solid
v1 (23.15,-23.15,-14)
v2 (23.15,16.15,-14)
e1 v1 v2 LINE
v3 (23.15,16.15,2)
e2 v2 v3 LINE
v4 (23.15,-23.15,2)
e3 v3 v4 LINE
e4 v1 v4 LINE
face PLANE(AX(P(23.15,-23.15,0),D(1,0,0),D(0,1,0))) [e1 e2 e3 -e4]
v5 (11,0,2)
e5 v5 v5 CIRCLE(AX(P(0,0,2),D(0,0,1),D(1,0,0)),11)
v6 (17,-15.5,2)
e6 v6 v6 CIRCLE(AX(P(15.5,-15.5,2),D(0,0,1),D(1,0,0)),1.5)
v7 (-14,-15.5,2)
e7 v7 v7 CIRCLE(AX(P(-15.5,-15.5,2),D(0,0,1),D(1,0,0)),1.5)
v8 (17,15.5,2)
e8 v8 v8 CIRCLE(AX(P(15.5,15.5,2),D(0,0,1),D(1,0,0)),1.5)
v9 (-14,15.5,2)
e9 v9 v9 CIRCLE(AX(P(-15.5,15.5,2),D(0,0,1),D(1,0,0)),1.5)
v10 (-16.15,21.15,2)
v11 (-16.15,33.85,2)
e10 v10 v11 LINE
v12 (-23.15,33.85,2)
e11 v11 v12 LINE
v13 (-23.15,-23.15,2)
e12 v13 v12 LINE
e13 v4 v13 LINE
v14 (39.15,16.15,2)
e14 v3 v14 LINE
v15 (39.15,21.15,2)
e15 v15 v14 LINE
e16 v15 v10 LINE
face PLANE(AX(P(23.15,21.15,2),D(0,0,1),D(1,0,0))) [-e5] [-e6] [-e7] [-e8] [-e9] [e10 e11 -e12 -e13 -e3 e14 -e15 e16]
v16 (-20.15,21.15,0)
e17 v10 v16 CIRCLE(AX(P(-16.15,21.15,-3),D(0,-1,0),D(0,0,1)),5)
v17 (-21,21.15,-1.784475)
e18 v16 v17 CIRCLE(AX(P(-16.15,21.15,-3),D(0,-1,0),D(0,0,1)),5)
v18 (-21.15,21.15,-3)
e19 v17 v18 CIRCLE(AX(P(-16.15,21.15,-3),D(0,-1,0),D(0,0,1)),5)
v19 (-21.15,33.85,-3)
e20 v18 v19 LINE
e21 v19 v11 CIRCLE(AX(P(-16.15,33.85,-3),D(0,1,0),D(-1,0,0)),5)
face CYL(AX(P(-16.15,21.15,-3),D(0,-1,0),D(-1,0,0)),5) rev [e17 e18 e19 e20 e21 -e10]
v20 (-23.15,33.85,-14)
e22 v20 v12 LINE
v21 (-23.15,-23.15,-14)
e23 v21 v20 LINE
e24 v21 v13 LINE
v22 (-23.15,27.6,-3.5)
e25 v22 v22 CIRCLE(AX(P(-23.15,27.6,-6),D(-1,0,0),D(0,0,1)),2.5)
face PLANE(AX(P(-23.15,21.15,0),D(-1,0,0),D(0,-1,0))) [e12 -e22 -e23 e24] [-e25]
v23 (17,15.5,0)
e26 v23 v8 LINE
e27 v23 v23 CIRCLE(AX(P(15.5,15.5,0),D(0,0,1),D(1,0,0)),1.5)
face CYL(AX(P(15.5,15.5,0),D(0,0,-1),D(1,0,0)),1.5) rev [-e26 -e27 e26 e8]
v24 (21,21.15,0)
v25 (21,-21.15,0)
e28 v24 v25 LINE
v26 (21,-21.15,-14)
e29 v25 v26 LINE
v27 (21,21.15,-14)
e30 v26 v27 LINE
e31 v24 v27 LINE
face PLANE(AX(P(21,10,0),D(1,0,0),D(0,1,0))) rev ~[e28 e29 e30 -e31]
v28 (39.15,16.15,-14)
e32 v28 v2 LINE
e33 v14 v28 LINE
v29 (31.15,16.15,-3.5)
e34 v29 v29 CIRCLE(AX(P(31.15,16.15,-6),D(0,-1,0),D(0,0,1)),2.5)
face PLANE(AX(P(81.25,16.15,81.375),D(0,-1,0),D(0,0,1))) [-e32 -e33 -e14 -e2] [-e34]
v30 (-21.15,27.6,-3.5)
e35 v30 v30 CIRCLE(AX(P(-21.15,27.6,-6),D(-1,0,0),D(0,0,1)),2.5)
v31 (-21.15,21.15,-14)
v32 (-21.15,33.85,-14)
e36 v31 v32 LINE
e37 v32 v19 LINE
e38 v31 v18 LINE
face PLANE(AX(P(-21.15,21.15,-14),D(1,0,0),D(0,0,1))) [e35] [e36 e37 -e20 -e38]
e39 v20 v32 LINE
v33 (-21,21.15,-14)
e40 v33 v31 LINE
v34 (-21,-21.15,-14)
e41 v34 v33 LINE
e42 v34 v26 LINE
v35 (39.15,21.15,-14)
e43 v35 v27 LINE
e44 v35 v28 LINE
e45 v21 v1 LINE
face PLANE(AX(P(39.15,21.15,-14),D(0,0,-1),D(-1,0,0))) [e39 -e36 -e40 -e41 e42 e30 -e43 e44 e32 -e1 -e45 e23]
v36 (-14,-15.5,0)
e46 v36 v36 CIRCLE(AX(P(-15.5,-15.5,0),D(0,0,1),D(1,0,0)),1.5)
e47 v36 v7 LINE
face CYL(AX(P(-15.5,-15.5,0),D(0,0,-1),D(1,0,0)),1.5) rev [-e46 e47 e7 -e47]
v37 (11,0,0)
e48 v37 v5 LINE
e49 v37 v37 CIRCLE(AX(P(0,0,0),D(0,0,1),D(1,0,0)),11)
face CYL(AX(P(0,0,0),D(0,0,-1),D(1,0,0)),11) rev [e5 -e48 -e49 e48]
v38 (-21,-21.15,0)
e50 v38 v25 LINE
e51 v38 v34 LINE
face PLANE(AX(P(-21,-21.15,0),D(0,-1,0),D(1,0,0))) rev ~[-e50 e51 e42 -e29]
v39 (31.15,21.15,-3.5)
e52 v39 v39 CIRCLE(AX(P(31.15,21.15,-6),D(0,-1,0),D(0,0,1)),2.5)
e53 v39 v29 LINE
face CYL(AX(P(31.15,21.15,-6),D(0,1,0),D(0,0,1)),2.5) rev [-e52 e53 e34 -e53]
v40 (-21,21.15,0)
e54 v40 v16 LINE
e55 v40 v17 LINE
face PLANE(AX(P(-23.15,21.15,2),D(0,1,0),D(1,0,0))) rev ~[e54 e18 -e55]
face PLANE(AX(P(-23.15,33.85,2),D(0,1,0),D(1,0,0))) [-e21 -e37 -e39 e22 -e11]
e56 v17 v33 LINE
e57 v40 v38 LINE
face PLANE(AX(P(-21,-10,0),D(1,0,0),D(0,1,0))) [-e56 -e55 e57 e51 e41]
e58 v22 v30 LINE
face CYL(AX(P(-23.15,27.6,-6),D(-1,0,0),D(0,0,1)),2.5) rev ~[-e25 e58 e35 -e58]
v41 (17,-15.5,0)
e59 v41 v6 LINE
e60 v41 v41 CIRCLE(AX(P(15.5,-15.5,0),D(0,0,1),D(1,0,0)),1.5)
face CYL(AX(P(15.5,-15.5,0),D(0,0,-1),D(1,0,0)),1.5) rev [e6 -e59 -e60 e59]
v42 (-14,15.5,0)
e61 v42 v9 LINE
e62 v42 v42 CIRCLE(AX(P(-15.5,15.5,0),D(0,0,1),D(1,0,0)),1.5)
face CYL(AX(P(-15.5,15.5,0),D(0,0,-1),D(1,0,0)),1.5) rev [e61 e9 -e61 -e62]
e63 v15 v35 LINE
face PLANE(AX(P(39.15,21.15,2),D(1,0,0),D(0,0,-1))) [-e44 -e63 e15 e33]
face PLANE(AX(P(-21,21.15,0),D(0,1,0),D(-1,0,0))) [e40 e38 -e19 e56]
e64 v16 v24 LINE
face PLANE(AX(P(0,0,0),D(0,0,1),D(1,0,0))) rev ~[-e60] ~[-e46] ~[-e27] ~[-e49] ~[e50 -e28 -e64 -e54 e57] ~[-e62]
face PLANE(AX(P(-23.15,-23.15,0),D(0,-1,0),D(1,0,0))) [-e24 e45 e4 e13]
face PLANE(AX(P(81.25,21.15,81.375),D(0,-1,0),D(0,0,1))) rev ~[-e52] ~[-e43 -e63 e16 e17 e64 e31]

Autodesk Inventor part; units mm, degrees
ref_plane "YZ Plane" through (0, 0, 0) normal (1, 0, 0) x (0, 1, 0)
sketch "Sketch1" plane through (0, 0, 0) normal (0, 0, 1) x (1, 0, 0)
  line L0 (-20, 16.5858) -> (-16.5858, 20) projected
  line L1 (-20, -16.5858) -> (-20, 16.5858) projected
  line L2 (-16.5858, -20) -> (-20, -16.5858) projected
  line L3 (16.5858, -20) -> (-16.5858, -20) projected
  line L4 (20, -16.5858) -> (16.5858, -20) projected
  line L5 (20, 16.5858) -> (20, -16.5858) projected
  line L6 (16.5858, 20) -> (20, 16.5858) projected
  line L7 (-16.5858, 20) -> (16.5858, 20) projected
  circle A0 centre (15.5, -15.5) radius 1.5 projected
  circle A1 centre (-15.5, 15.5) radius 1.5 projected
  circle A2 centre (-15.5, -15.5) radius 1.5 projected
  circle A3 centre (15.5, 15.5) radius 1.5 projected
  circle A4 centre (0, 0) radius 11 projected
  circle A5 centre (0, 0) radius 4.9 projected
  line L8 (13.1931, -21.15) -> (-13.1931, -21.15) projected
  line L9 (-21.15, -13.1931) -> (-21.15, 13.1931) projected
  line L10 (21.15, 21.15) -> (-21.15, 21.15)
  line L11 (-21.15, 21.15) -> (-21.15, -21.15)
  line L12 (-21.15, -21.15) -> (21.15, -21.15)
  line L13 (21.15, -21.15) -> (21.15, 21.15)
  line L14 (21.15, 21.15) -> (-21.15, -21.15) construction
  line L15 (-21.15, 21.15) -> (21.15, -21.15) construction
  line L16 (23.15, -23.15) -> (-23.15, -23.15)
  line L17 (-23.15, -23.15) -> (-23.15, 21.15)
  line L18 (23.15, 21.15) -> (23.15, -23.15)
  line L19 (23.15, 21.15) -> (-23.15, 21.15)
  line L20 (-23.15, 21.15) -> (-23.1187, 21.15)
  line L21 (23.15, 21.15) -> (21.15, 21.15)
  line L22 (-13.1931, -21.15) -> (13.1931, -21.15)
  dimension "d0" = 2
extrude "Extrusion1" add sketch "Sketch1" along normal blind 2 contours L0 L7 L6 L5 L4 L3 L2 L1 | L12 L13 L19 L18 L16 L17 L11 L9 L8 | L8 L12 L11 L9 L10 L13
sketch "Sketch2" plane through (0, 0, 0) normal (0, 0, -1) x (-1, 0, 0)
  line L0 (21, -10) -> (21, 10) projected
  line L1 (-21, 10) -> (-21, -10) projected
  line L2 (-198.65, 21.15) -> (16.15, 21.15) projected
  line L3 (21, -21.15) -> (-21, -21.15)
  line L4 (-21, -21.15) -> (-21, 21.15)
  line L5 (-21, 21.15) -> (21, 21.15)
  line L6 (21, 21.15) -> (21, -21.15)
  line L7 (21, -21.15) -> (-21, 21.15) construction
  line L8 (-21, -21.15) -> (21, 21.15) construction
  line L9 (23.15, -23.15) -> (-23.15, -23.15) projected
  line L10 (-23.15, -23.15) -> (-23.15, 21.15) projected
  line L11 (23.15, 21.15) -> (23.15, -23.15) projected
  line L12 (-23.15, 21.15) -> (23.15, 21.15) projected
  line L13 (21, 21.15) -> (23.15, 21.15)
  line L14 (23.15, 21.15) -> (-21, 21.15)
  line L15 (-21, 21.15) -> (-23.15, 21.15)
  point P0 (0, 0)
ref_plane "Work Plane1" through (-21, -21, -14) normal (0, 0, 1) x (1, 0, 0)
extrude "Extrusion2" add sketch "Sketch2" along normal up to surface (14 mm away) contours L0 L6 L12 L11 L9 L10 L2 L4 L1 L3
sketch "Sketch3" plane through (-23.15, 21.15, 2) normal (0, 1, 0) x (1, 0, 0)
  line L0 (44.15, 2) -> (2.15, 2) projected
  line L1 (2.15, 2) -> (2.15, 16) projected
  line L2 (0, 16) -> (2.15, 16) projected
  line L3 (0, 16) -> (0, 0) projected
  line L4 (46.3, 0) -> (0, 0) projected
  line L5 (46.3, 0) -> (46.3, 16) projected
  line L6 (44.15, 16) -> (46.3, 16) projected
  line L7 (44.15, 2) -> (44.15, 16) projected
  arc A0 (2, -201.375) -> (7, -206.375) centre (7, -201.375) ccw projected
  line L8 (7, -206.375) -> (221.8, -206.375) projected
  arc A1 (221.8, -206.375) -> (226.8, -201.375) centre (221.8, -201.375) ccw projected
  line L9 (226.8, -201.375) -> (226.8, -174.375) projected
  arc A2 (226.8, -174.375) -> (221.8, -169.375) centre (221.8, -174.375) ccw projected
  line L10 (221.8, -169.375) -> (151.8, -169.375) projected
  arc A3 (146.8, -164.375) -> (151.8, -169.375) centre (151.8, -164.375) ccw projected
  line L11 (146.8, -164.375) -> (146.8, 5.625) projected
  arc A4 (151.8, 10.625) -> (146.8, 5.625) centre (151.8, 5.625) ccw projected
  line L12 (151.8, 10.625) -> (221.8, 10.625) projected
  arc A5 (221.8, 10.625) -> (226.8, 15.625) centre (221.8, 15.625) ccw projected
  line L13 (226.8, 15.625) -> (226.8, 42.625) projected
  arc A6 (226.8, 42.625) -> (221.8, 47.625) centre (221.8, 42.625) ccw projected
  line L14 (221.8, 47.625) -> (7, 47.625) projected
  arc A7 (7, 47.625) -> (2, 42.625) centre (7, 42.625) ccw projected
  line L15 (2, 42.625) -> (2, 5) projected
  arc A8 (2, 5) -> (7, 0) centre (7, 5) ccw projected
  line L16 (7, 0) -> (101.6, 0) projected
  line L17 (101.6, -158.75) -> (7, -158.75) projected
  arc A9 (7, -158.75) -> (2, -163.75) centre (7, -163.75) ccw projected
  line L18 (2, -163.75) -> (2, -201.375) projected
  line L19 (2, 5) -> (0, 5)
  circle A10 centre (208.3, 29.125) radius 5 projected
  circle A11 centre (208.3, -187.875) radius 5 projected
  circle A12 centre (20.5, 29.125) radius 5 projected
  circle A13 centre (20.5, -187.875) radius 5 projected
  arc A14 (103.6, -2) -> (101.6, 0) centre (101.6, -2) ccw projected
  line L20 (103.6, -2) -> (103.6, -156.75) projected
  arc A15 (101.6, -158.75) -> (103.6, -156.75) centre (101.6, -156.75) ccw projected
  point P0 (23.15, 2)
  point P1 (2, 16)
ref_plane "Work Plane2" through (-21.15, 33.85, -45.625) normal (0, 1, 0) x (0, 0, 1)
extrude "Extrusion3" add sketch "Sketch3" along normal up to surface (12.7 mm away) contours A8 L4 L3 L19 L1 L0 | L0 L1 A8 | L19 L3 L2 L15
sketch "Sketch4" plane through (-23.15, -23.15, -14) normal (-1, 0, 0) x (0, 0, 1)
  line L0 (0, 0) -> (0, 57) projected
  line L1 (16, 0) -> (16, 57) projected
  line L2 (0, 57) -> (16, 57)
  line L3 (16, 57) -> (16, 44.5)
  line L4 (16, 44.5) -> (0, 44.5)
  line L5 (0, 44.5) -> (0, 57)
  circle A0 centre (8, 50.75) radius 2.5
  point P0 (14, 23.15)
  dimension "d7" = 12.5
  dimension "d8" = 5
extrude "Extrusion4" cut sketch "Sketch4" against normal blind 2 contours A0
ref_plane "Work Plane3" through (81.25, 21.15, 81.375) normal (0, -1, 0) x (0, 0, 1)
sketch "Sketch5" plane through (81.25, 21.15, 81.375) normal (0, -1, 0) x (0, 0, 1)
  line L0 (-95.375, 58.1) -> (-79.375, 58.1) projected
  line L1 (-95.375, 58.1) -> (-79.375, 58.1) projected
  line L2 (-79.375, 104.4) -> (-79.375, 58.1) projected
  line L3 (-95.375, 104.4) -> (-79.375, 104.4) projected
  line L4 (-95.375, 58.1) -> (-95.375, 104.4) projected
  line L5 (-95.375, 58.1) -> (-79.375, 58.1)
  line L6 (-79.375, 58.1) -> (-79.375, 42.1)
  line L7 (-79.375, 42.1) -> (-95.375, 42.1)
  line L8 (-95.375, 42.1) -> (-95.375, 58.1)
  circle A0 centre (-87.375, 50.1) radius 2.5
  point P0 (-81.375, 81.25)
  dimension "d11" = 16
  dimension "d12" = 16
  dimension "d13" = 5
extrude "Extrusion6" add sketch "Sketch5" along normal blind 5 contours L0 L6 L7 L8
properties part number "PancakeNema17MotorMount"
